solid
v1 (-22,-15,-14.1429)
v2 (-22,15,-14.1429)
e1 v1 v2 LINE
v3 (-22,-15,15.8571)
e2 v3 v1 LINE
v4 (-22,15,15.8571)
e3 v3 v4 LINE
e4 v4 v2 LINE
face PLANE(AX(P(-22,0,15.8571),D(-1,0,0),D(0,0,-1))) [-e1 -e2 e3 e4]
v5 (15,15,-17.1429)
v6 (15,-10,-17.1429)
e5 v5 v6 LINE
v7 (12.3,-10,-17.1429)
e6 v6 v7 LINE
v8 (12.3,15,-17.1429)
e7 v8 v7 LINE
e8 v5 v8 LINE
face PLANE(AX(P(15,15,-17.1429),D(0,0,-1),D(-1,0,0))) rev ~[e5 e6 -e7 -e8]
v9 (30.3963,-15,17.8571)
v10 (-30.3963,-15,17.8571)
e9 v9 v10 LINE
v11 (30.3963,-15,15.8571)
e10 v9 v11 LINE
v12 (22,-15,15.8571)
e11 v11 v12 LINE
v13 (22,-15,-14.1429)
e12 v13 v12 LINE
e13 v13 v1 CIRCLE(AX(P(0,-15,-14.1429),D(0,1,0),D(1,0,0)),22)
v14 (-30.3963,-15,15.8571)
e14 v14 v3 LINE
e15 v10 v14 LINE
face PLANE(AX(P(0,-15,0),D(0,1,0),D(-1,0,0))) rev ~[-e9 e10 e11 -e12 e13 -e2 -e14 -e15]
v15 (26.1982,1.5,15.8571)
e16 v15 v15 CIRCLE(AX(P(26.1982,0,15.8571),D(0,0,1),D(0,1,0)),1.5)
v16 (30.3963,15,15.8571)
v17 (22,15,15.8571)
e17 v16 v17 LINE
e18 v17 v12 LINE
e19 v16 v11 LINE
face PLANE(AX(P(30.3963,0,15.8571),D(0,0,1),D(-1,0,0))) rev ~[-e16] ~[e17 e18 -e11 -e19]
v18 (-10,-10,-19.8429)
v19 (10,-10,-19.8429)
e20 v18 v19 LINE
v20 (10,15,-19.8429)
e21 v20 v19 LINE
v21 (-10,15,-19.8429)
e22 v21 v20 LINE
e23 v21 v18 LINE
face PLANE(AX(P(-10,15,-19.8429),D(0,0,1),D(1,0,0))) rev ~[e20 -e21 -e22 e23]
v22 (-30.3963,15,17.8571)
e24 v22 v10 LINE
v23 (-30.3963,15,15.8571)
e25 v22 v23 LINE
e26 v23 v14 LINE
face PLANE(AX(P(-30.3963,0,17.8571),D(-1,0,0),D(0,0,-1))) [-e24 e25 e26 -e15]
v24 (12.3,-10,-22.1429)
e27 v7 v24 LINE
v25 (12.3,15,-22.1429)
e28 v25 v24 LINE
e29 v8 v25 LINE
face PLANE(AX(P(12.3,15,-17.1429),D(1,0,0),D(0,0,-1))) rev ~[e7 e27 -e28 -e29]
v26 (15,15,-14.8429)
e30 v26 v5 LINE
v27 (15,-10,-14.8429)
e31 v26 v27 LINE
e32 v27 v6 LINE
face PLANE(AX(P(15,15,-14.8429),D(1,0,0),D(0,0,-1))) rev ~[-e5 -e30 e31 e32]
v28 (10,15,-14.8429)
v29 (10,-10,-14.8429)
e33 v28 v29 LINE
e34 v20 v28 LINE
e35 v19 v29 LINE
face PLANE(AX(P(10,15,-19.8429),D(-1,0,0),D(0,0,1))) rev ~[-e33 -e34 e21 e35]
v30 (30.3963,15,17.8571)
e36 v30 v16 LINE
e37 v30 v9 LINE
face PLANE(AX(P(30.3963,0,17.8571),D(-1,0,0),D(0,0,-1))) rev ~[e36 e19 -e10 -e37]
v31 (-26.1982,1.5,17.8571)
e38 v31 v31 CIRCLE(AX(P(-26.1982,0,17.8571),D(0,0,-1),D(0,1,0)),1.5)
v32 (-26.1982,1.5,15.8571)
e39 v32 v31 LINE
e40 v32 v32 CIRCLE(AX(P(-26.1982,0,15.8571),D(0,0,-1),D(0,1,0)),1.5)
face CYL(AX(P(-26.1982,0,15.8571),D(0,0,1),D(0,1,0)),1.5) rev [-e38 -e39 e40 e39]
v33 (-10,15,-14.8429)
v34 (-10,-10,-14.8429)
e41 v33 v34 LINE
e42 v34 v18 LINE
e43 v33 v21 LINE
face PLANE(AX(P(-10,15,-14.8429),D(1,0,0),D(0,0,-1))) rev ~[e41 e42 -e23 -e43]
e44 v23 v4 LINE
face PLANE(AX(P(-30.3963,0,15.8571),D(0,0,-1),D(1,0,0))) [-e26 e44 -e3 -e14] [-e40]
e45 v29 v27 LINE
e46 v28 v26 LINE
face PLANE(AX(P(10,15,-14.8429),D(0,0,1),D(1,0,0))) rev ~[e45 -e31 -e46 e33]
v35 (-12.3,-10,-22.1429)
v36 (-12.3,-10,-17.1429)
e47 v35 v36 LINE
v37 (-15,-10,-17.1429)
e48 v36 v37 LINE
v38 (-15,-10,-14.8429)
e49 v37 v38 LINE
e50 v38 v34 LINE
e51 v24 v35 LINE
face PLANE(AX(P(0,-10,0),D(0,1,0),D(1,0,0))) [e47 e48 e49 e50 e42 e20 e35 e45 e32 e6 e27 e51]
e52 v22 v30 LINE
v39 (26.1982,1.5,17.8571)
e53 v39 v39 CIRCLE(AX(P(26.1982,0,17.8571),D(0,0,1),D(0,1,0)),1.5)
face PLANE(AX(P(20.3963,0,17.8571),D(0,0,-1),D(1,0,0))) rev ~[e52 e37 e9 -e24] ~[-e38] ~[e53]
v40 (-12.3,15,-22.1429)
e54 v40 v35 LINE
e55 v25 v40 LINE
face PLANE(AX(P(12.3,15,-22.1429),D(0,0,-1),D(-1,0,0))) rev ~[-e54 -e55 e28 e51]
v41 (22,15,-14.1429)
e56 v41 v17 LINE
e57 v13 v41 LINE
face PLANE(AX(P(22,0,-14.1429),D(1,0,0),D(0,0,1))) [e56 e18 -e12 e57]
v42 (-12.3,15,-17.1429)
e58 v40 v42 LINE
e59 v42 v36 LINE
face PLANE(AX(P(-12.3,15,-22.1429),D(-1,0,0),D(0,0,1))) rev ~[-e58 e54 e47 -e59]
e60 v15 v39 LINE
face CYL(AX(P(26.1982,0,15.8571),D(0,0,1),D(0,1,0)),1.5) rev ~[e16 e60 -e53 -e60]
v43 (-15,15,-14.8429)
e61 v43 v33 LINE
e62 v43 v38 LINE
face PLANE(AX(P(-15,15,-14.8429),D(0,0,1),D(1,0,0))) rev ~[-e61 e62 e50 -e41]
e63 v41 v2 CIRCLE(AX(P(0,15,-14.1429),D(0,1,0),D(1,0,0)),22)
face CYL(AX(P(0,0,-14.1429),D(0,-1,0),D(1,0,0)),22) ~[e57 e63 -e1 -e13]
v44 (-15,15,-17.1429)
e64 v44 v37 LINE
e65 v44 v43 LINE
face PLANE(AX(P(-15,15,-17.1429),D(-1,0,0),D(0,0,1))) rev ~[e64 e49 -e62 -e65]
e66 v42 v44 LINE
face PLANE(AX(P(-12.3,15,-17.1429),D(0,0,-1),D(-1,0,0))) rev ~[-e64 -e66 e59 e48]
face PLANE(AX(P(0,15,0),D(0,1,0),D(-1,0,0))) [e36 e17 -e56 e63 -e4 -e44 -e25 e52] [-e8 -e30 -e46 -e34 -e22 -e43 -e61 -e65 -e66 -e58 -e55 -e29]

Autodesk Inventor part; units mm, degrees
ref_plane "YZ Plane" through (0, 0, 0) normal (1, 0, 0) x (0, 1, 0)
ref_plane "XZ Plane" through (0, 0, 0) normal (0, 1, 0) x (-1, 0, 0)
ref_plane "XY Plane" through (0, 0, 0) normal (0, 0, 1) x (1, 0, 0)
sketch "Sketch1" plane through (0, 0, 0) normal (0, 1, 0) x (-1, 0, 0)
  line L0 (-22, -14.1429) -> (-22, 15.8571)
  line L1 (-20.3963, 17.8571) -> (20.3963, 17.8571)
  line L2 (22, 15.8571) -> (22, -14.1429)
  arc A0 (-22, -14.1429) -> (22, -14.1429) centre (0, -14.1429) ccw
  line L3 (20.3963, 17.8571) -> (30.3963, 17.8571)
  line L4 (30.3963, 17.8571) -> (30.3963, 15.8571)
  line L5 (30.3963, 15.8571) -> (22, 15.8571)
  line L6 (-20.3963, 17.8571) -> (-30.3963, 17.8571)
  line L7 (-30.3963, 17.8571) -> (-30.3963, 15.8571)
  line L8 (-30.3963, 15.8571) -> (-22, 15.8571)
  point P0 (0, 0)
  point P1 (0, 17.8571)
  point P2 (22, 0)
  dimension "d1" = 2
  dimension "d2" = 2
  dimension "d3" = 10
  dimension "d4" = 10
  dimension "d5" = 30
  dimension "d6" = 22
extrude "Extrusion1" add sketch "Sketch1" along normal mid plane 30
sketch "Sketch2" plane through (0, 15, 0) normal (0, 1, 0) x (1, 0, 0)
  line L0 (-15, 14.8429) -> (-10, 14.8429)
  line L1 (-10, 14.8429) -> (-10, 19.8429)
  line L2 (-10, 19.8429) -> (10, 19.8429)
  line L3 (10, 19.8429) -> (10, 14.8429)
  line L4 (10, 14.8429) -> (15, 14.8429)
  line L5 (15, 14.8429) -> (15, 17.1429)
  line L6 (15, 17.1429) -> (12.3, 17.1429)
  line L7 (12.3, 17.1429) -> (12.3, 22.1429)
  line L8 (12.3, 22.1429) -> (-12.3, 22.1429)
  line L9 (-12.3, 22.1429) -> (-12.3, 17.1429)
  line L10 (-12.3, 17.1429) -> (-15, 17.1429)
  line L11 (-15, 17.1429) -> (-15, 14.8429)
  arc A0 (22, 14.1429) -> (-22, 14.1429) centre (0, 14.1429) ccw projected
  point P0 (0, 0)
  point P1 (0, 22.1429)
  point P2 (0, 19.8429)
  point P3 (0, 36.1429)
  point P4 (15, 15.9929)
  point P5 (-15, 15.9929)
  point P6 (10, 17.3429)
  point P7 (-10, 17.3429)
  point P8 (-12.5, 14.8429)
  point P9 (-13.65, 17.1429)
  dimension "d9" = 14
  dimension "d11" = 2.3
  dimension "d13" = 24.6
  dimension "d14" = 20
  dimension "d15" = 5
  dimension "d17" = 5
  dimension "d27" = 2.3
extrude "Extrusion2" cut sketch "Sketch2" against normal blind 25
sketch "Sketch3" plane through (30.3963, 15, 15.8571) normal (0, 0, -1) x (-1, 0, 0)
  line L0 (0, -30) -> (0, 0) projected
  line L1 (0, 0) -> (8.3963, 0) projected
  point P0 (30.3963, -15)
  point P1 (4.1982, -15)
  point P2 (0, -15)
  point P3 (4.1982, 0)
hole "Hole1" at (26.1982, 0, 15.8571) direction (0, 0, 1) diameter 3 depth 2
mirror "Mirror1" about plane through (0, 0, 0) normal (1, 0, 0) of "Hole1"
properties part number "Part_B7"
